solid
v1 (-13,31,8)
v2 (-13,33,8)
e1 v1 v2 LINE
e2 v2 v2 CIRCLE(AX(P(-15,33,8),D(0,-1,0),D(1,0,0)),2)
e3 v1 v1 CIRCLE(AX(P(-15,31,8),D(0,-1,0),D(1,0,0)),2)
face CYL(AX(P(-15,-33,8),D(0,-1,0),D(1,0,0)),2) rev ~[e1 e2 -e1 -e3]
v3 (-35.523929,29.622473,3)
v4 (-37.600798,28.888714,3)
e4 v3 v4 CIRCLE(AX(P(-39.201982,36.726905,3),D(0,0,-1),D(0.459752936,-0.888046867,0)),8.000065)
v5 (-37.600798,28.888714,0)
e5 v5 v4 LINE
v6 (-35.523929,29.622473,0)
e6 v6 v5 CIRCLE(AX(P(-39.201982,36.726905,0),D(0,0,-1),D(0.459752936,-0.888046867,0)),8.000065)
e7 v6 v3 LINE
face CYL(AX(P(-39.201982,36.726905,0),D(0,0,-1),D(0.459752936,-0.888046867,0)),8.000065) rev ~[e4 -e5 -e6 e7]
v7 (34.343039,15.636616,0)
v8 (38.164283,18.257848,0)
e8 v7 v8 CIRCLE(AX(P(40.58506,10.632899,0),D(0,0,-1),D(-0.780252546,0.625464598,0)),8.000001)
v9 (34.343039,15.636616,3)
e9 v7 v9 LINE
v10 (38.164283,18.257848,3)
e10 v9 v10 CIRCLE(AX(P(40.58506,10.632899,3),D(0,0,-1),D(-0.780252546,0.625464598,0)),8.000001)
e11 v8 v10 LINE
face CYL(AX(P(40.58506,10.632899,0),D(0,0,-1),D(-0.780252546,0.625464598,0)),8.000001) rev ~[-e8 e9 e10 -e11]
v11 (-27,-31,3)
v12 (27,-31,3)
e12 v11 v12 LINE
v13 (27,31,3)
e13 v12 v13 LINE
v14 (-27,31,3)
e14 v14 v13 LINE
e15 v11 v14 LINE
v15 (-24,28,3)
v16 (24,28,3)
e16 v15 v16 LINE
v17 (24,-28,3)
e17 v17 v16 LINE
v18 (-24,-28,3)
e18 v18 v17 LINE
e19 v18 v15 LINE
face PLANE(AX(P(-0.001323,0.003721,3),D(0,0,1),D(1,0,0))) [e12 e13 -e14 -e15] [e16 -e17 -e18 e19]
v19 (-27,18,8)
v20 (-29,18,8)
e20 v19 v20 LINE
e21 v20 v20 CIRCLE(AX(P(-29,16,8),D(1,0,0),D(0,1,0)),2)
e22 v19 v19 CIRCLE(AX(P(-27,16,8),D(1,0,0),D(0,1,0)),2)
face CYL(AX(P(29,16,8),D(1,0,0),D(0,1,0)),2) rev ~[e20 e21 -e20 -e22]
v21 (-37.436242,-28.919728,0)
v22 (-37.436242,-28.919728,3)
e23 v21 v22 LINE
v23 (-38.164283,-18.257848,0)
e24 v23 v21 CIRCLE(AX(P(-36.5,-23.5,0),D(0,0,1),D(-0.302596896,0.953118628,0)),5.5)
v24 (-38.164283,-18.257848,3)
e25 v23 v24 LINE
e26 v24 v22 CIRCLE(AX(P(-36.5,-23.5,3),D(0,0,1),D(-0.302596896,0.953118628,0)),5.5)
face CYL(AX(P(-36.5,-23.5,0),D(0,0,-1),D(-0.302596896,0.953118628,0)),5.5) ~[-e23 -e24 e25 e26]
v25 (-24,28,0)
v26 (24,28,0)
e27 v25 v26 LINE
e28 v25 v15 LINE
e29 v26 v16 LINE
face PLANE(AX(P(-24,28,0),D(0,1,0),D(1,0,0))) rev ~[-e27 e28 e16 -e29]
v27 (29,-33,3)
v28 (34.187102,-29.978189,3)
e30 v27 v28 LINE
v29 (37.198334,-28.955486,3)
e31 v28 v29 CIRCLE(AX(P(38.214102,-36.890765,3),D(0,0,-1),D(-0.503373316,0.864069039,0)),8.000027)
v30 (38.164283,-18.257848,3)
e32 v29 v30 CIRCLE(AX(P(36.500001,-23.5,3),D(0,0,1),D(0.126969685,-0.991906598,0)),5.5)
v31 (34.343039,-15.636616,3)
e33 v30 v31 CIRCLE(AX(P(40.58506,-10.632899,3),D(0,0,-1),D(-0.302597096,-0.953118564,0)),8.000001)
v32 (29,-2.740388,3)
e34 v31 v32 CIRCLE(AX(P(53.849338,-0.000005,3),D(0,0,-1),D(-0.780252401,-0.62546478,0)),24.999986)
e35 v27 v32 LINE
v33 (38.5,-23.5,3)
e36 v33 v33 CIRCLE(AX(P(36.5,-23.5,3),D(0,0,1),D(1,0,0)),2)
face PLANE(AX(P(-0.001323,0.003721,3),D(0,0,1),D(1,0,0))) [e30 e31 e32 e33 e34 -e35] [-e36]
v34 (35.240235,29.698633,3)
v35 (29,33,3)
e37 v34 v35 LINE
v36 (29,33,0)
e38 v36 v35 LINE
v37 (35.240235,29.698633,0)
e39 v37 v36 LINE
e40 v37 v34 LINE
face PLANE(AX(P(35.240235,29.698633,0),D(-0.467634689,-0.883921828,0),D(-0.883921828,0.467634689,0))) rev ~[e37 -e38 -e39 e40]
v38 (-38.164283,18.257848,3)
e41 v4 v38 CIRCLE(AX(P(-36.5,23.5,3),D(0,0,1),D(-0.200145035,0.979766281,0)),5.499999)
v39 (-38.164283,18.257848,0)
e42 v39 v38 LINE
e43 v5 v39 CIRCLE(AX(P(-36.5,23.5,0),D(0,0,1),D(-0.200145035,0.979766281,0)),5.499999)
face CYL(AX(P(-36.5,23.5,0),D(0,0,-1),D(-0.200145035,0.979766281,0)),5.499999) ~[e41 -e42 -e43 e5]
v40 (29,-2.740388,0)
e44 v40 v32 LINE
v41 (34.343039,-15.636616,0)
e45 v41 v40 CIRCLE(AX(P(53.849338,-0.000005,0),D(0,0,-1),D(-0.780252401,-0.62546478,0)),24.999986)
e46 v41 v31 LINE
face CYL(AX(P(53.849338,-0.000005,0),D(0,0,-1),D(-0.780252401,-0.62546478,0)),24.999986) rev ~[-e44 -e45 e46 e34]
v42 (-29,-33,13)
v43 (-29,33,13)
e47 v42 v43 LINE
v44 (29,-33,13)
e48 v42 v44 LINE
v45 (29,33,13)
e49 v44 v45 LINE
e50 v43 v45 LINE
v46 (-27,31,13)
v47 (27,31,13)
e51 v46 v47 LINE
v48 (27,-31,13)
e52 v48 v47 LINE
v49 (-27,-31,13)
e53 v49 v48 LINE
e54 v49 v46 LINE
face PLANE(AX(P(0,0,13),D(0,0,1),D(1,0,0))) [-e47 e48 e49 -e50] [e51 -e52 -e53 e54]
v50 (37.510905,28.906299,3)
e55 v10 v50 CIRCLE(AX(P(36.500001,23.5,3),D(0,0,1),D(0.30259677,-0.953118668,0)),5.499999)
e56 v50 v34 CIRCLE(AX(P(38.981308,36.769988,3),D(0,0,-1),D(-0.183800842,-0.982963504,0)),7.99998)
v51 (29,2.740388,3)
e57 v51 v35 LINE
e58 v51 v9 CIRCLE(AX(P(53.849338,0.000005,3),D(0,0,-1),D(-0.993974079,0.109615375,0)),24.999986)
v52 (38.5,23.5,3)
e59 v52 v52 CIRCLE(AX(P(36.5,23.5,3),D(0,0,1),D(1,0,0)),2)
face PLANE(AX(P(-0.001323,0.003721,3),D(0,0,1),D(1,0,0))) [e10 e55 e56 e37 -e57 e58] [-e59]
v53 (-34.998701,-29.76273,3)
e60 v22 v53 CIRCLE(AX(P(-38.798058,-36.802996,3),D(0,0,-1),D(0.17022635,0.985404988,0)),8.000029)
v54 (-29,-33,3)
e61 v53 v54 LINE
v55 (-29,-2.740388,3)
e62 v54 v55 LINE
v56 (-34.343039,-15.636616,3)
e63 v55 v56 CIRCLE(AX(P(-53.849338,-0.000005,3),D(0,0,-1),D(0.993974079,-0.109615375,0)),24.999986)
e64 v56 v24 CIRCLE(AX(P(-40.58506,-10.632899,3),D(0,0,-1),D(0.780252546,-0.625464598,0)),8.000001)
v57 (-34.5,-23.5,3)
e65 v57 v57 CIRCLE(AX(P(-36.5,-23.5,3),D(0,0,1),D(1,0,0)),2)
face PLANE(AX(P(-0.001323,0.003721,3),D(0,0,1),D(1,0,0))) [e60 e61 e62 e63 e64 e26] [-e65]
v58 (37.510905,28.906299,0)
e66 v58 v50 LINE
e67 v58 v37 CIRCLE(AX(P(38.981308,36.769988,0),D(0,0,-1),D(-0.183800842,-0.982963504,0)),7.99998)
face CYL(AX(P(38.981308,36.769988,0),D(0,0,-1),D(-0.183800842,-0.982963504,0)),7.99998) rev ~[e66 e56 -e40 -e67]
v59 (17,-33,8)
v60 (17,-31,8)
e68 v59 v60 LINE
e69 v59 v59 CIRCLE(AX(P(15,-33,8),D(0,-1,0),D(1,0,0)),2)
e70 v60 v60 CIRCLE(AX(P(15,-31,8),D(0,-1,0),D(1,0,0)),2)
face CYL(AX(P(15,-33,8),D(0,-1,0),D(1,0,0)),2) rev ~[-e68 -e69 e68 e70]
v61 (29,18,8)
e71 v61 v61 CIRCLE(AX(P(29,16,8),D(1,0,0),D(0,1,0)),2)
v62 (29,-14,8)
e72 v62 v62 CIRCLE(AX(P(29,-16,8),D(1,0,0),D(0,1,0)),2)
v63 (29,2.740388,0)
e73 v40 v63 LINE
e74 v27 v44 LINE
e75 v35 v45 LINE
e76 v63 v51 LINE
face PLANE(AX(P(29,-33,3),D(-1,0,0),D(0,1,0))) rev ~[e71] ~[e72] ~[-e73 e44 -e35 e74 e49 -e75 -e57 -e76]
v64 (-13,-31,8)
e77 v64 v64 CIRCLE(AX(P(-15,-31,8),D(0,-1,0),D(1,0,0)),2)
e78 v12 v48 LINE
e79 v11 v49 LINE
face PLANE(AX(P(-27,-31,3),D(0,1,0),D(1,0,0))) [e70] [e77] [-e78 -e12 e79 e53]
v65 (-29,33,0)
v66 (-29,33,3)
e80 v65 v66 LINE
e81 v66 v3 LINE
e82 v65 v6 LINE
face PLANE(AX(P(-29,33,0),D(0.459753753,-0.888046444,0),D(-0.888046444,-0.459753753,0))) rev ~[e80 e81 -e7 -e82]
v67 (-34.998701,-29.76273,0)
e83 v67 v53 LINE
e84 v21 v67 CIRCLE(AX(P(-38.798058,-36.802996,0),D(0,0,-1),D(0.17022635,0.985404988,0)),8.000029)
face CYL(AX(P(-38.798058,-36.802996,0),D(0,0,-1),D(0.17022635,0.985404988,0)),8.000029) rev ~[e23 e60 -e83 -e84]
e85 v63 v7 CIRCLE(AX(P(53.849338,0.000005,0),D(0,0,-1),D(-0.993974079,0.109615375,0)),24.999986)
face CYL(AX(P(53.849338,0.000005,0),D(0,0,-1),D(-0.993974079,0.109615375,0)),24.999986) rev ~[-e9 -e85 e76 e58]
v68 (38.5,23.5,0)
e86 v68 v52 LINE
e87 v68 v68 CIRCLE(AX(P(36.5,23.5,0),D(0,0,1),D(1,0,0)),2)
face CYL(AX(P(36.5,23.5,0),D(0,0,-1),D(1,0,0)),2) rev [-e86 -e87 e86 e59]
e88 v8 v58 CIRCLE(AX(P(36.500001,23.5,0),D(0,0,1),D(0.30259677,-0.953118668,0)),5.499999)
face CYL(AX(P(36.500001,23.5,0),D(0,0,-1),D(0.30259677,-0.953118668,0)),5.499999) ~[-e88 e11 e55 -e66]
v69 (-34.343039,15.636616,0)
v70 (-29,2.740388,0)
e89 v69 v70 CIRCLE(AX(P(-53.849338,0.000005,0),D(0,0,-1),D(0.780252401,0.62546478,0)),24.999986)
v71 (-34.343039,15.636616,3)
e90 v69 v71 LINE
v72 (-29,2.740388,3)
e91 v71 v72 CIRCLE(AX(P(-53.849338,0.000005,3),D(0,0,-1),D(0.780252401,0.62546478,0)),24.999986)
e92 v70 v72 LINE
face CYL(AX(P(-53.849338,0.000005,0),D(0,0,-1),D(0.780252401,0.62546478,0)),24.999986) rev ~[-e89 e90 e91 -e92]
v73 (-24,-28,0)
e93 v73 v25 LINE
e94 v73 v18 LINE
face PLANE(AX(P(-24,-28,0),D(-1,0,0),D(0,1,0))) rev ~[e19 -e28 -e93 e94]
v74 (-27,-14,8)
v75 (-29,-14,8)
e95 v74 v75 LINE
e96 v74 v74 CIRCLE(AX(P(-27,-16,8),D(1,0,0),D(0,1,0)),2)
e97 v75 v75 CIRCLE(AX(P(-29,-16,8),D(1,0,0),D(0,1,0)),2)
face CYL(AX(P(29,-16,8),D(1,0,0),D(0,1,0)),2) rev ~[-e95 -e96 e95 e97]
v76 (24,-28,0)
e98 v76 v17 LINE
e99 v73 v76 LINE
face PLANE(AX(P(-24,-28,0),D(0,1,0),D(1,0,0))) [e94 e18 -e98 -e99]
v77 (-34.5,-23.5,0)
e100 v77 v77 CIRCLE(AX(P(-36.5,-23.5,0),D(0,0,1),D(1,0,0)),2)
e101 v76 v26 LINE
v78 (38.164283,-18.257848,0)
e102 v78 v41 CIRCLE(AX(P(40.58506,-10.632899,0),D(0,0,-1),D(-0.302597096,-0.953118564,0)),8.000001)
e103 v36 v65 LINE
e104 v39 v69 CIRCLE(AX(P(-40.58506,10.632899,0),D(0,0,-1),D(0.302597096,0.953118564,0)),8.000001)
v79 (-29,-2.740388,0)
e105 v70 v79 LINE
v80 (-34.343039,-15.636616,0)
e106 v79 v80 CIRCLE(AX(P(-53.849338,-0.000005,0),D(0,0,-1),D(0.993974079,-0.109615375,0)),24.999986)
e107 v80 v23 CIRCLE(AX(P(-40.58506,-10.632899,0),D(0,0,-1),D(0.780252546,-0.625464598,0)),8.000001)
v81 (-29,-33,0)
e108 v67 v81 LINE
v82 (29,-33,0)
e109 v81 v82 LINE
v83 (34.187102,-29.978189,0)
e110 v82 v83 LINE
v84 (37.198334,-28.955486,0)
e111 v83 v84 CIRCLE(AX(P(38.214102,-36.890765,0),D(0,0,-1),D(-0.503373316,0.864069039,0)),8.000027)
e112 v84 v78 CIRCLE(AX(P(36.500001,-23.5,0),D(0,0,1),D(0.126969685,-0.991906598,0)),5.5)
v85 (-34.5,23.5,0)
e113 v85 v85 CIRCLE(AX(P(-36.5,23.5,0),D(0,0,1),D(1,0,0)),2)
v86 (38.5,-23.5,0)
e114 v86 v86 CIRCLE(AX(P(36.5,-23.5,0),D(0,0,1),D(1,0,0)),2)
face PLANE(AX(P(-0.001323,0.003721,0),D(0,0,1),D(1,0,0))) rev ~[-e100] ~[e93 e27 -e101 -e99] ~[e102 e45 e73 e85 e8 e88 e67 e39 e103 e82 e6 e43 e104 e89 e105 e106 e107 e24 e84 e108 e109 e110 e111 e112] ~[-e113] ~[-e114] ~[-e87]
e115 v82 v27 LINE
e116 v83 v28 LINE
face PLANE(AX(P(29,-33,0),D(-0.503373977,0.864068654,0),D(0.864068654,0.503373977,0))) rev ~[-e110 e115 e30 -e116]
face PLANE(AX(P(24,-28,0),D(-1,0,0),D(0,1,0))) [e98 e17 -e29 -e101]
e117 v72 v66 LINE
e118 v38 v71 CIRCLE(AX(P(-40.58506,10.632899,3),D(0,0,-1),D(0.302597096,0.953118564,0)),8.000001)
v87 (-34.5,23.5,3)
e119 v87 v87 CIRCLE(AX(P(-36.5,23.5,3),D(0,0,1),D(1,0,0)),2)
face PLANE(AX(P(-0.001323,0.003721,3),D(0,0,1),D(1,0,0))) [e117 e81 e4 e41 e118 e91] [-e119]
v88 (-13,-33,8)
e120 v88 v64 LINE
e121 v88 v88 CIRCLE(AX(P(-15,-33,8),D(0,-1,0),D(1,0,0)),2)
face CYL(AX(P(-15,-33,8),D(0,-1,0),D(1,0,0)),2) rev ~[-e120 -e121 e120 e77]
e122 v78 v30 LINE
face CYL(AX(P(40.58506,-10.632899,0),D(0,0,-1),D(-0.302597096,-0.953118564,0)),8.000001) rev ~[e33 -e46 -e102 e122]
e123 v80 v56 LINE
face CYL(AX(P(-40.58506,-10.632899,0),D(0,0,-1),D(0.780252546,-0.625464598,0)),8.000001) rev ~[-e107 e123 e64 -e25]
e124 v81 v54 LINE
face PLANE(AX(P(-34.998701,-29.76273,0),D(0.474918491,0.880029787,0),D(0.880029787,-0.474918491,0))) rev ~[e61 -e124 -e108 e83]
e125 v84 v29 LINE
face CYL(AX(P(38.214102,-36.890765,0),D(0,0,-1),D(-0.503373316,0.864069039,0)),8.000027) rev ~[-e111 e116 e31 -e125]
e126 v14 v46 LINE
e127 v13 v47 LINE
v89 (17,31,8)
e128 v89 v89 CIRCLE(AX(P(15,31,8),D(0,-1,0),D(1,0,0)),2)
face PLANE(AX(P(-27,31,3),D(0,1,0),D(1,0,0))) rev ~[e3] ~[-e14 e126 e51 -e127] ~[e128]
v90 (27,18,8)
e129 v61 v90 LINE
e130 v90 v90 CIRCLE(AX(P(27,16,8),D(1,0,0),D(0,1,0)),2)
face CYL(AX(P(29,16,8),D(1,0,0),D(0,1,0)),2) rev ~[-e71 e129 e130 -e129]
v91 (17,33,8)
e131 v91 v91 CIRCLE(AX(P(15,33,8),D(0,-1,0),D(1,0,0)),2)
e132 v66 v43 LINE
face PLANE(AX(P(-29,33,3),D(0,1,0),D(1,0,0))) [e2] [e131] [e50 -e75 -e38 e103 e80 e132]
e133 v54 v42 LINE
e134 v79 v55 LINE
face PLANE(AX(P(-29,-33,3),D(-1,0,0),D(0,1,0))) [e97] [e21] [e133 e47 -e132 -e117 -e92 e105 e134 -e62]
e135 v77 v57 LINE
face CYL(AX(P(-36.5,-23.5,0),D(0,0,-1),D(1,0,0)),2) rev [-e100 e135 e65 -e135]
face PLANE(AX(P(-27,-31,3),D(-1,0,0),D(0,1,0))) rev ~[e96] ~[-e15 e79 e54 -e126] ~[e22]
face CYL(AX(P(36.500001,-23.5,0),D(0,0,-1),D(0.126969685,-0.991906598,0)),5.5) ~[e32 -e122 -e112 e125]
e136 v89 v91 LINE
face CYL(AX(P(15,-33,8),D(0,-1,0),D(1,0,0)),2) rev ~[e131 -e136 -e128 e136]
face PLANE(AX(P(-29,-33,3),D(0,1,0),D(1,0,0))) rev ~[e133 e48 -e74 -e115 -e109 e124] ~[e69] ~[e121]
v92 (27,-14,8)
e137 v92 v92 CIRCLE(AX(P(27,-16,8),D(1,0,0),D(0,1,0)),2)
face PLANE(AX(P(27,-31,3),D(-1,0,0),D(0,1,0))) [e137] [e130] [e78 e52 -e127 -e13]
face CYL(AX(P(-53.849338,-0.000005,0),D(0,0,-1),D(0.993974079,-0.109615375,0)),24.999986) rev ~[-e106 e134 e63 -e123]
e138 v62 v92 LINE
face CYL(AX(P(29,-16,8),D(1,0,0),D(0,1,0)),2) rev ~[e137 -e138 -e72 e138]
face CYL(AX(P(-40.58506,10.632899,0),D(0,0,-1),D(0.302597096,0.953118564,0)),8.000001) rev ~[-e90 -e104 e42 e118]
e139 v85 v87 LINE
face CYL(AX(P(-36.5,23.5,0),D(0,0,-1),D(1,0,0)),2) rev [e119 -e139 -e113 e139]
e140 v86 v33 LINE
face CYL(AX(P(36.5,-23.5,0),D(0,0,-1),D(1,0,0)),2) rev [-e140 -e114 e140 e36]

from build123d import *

# Parameters (mm, degrees)
F0_R     = 2
F0_W     = 48
F0_H     = 56
F1_DEPTH = 3
F2_W     = 58
F2_H     = 66
F2_W_2   = 54
F2_H_2   = 62
F3_DEPTH = 10
F4_R     = 2
F5_DEPTH = 150
F6_R     = 2
F7_DEPTH = 150


with BuildPart() as f1:
    # F0 (on Top) → F1 (new body)
    with BuildSketch(Plane.XY):
        with BuildLine():
            Line((-29, -33), (29, -33))
            Line((29, -33), (34.187102, -29.978189))
            ThreePointArc((34.187102, -29.978189), (35.641388, -29.315702), (37.198334, -28.955486))
            ThreePointArc((37.198334, -28.955486), (41.977715, -23.994613), (38.164283, -18.257848))
            ThreePointArc((38.164283, -18.257848), (36.059717, -17.229965), (34.343039, -15.636616))
            ThreePointArc((34.343039, -15.636616), (30.753152, -9.568991), (29, -2.740388))
            ThreePointArc((29, -2.740388), (28.849352, 0), (29, 2.740388))
            ThreePointArc((29, 2.740388), (30.753152, 9.568991), (34.343039, 15.636616))
            ThreePointArc((34.343039, 15.636616), (36.059717, 17.229965), (38.164283, 18.257848))
            ThreePointArc((38.164283, 18.257848), (41.989676, 23.836841), (37.510905, 28.906299))
            ThreePointArc((37.510905, 28.906299), (36.345626, 29.216653), (35.240235, 29.698633))
            Line((35.240235, 29.698633), (29, 33))
            Line((29, 33), (-29, 33))
            Line((-29, 33), (-35.523929, 29.622473))
            ThreePointArc((-35.523929, 29.622473), (-36.536989, 29.183773), (-37.600798, 28.888714))
            ThreePointArc((-37.600798, 28.888714), (-41.99229, 23.791117), (-38.164283, 18.257848))
            ThreePointArc((-38.164283, 18.257848), (-36.059717, 17.229965), (-34.343039, 15.636616))
            ThreePointArc((-34.343039, 15.636616), (-30.753152, 9.568991), (-29, 2.740388))
            ThreePointArc((-29, 2.740388), (-28.849352, 0), (-29, -2.740388))
            ThreePointArc((-29, -2.740388), (-30.753152, -9.568991), (-34.343039, -15.636616))
            ThreePointArc((-34.343039, -15.636616), (-36.059717, -17.229965), (-38.164283, -18.257848))
            ThreePointArc((-38.164283, -18.257848), (-41.987222, -23.874692), (-37.436242, -28.919728))
            ThreePointArc((-37.436242, -28.919728), (-36.183275, -29.24235), (-34.998701, -29.76273))
            Line((-34.998701, -29.76273), (-29, -33))
        make_face()
        with Locations((-36.5, -23.5)):
            Circle(F0_R, mode=Mode.SUBTRACT)
        with Locations((36.5, -23.5)):
            Circle(F0_R, mode=Mode.SUBTRACT)
        with Locations((-36.5, 23.5)):
            Circle(F0_R, mode=Mode.SUBTRACT)
        Rectangle(F0_W, F0_H, mode=Mode.SUBTRACT)
        with Locations((36.5, 23.5)):
            Circle(F0_R, mode=Mode.SUBTRACT)
        with BuildLine():
            ThreePointArc((29, 2.740388), (28.849352, 0), (29, -2.740388))
            Line((29, -2.740388), (29, 2.740388))
        make_face()
        with BuildLine():
            Line((-29, 2.740388), (-29, -2.740388))
            ThreePointArc((-29, -2.740388), (-28.849352, 0), (-29, 2.740388))
        make_face()
    extrude(amount=F1_DEPTH)

    # F2 (on face) → F3 (join)
    with BuildSketch(Plane.XY.offset(3)):
        Rectangle(F2_W, F2_H)
        Rectangle(F2_W_2, F2_H_2, mode=Mode.SUBTRACT)
    extrude(amount=F3_DEPTH)

    # F4 (on face) → F5 (cut)
    with BuildSketch(Plane.XZ.offset(33)):
        with Locations((-15, 8)):
            Circle(F4_R)
        with Locations((15, 8)):
            Circle(F4_R)
    extrude(amount=-F5_DEPTH, mode=Mode.SUBTRACT)

    # F6 (on face) → F7 (cut)
    with BuildSketch(Plane.YZ.offset(29)):
        with Locations((-16, 8)):
            Circle(F6_R)
        with Locations((16, 8)):
            Circle(F6_R)
    extrude(amount=-F7_DEPTH, mode=Mode.SUBTRACT)


solid = f1.part
